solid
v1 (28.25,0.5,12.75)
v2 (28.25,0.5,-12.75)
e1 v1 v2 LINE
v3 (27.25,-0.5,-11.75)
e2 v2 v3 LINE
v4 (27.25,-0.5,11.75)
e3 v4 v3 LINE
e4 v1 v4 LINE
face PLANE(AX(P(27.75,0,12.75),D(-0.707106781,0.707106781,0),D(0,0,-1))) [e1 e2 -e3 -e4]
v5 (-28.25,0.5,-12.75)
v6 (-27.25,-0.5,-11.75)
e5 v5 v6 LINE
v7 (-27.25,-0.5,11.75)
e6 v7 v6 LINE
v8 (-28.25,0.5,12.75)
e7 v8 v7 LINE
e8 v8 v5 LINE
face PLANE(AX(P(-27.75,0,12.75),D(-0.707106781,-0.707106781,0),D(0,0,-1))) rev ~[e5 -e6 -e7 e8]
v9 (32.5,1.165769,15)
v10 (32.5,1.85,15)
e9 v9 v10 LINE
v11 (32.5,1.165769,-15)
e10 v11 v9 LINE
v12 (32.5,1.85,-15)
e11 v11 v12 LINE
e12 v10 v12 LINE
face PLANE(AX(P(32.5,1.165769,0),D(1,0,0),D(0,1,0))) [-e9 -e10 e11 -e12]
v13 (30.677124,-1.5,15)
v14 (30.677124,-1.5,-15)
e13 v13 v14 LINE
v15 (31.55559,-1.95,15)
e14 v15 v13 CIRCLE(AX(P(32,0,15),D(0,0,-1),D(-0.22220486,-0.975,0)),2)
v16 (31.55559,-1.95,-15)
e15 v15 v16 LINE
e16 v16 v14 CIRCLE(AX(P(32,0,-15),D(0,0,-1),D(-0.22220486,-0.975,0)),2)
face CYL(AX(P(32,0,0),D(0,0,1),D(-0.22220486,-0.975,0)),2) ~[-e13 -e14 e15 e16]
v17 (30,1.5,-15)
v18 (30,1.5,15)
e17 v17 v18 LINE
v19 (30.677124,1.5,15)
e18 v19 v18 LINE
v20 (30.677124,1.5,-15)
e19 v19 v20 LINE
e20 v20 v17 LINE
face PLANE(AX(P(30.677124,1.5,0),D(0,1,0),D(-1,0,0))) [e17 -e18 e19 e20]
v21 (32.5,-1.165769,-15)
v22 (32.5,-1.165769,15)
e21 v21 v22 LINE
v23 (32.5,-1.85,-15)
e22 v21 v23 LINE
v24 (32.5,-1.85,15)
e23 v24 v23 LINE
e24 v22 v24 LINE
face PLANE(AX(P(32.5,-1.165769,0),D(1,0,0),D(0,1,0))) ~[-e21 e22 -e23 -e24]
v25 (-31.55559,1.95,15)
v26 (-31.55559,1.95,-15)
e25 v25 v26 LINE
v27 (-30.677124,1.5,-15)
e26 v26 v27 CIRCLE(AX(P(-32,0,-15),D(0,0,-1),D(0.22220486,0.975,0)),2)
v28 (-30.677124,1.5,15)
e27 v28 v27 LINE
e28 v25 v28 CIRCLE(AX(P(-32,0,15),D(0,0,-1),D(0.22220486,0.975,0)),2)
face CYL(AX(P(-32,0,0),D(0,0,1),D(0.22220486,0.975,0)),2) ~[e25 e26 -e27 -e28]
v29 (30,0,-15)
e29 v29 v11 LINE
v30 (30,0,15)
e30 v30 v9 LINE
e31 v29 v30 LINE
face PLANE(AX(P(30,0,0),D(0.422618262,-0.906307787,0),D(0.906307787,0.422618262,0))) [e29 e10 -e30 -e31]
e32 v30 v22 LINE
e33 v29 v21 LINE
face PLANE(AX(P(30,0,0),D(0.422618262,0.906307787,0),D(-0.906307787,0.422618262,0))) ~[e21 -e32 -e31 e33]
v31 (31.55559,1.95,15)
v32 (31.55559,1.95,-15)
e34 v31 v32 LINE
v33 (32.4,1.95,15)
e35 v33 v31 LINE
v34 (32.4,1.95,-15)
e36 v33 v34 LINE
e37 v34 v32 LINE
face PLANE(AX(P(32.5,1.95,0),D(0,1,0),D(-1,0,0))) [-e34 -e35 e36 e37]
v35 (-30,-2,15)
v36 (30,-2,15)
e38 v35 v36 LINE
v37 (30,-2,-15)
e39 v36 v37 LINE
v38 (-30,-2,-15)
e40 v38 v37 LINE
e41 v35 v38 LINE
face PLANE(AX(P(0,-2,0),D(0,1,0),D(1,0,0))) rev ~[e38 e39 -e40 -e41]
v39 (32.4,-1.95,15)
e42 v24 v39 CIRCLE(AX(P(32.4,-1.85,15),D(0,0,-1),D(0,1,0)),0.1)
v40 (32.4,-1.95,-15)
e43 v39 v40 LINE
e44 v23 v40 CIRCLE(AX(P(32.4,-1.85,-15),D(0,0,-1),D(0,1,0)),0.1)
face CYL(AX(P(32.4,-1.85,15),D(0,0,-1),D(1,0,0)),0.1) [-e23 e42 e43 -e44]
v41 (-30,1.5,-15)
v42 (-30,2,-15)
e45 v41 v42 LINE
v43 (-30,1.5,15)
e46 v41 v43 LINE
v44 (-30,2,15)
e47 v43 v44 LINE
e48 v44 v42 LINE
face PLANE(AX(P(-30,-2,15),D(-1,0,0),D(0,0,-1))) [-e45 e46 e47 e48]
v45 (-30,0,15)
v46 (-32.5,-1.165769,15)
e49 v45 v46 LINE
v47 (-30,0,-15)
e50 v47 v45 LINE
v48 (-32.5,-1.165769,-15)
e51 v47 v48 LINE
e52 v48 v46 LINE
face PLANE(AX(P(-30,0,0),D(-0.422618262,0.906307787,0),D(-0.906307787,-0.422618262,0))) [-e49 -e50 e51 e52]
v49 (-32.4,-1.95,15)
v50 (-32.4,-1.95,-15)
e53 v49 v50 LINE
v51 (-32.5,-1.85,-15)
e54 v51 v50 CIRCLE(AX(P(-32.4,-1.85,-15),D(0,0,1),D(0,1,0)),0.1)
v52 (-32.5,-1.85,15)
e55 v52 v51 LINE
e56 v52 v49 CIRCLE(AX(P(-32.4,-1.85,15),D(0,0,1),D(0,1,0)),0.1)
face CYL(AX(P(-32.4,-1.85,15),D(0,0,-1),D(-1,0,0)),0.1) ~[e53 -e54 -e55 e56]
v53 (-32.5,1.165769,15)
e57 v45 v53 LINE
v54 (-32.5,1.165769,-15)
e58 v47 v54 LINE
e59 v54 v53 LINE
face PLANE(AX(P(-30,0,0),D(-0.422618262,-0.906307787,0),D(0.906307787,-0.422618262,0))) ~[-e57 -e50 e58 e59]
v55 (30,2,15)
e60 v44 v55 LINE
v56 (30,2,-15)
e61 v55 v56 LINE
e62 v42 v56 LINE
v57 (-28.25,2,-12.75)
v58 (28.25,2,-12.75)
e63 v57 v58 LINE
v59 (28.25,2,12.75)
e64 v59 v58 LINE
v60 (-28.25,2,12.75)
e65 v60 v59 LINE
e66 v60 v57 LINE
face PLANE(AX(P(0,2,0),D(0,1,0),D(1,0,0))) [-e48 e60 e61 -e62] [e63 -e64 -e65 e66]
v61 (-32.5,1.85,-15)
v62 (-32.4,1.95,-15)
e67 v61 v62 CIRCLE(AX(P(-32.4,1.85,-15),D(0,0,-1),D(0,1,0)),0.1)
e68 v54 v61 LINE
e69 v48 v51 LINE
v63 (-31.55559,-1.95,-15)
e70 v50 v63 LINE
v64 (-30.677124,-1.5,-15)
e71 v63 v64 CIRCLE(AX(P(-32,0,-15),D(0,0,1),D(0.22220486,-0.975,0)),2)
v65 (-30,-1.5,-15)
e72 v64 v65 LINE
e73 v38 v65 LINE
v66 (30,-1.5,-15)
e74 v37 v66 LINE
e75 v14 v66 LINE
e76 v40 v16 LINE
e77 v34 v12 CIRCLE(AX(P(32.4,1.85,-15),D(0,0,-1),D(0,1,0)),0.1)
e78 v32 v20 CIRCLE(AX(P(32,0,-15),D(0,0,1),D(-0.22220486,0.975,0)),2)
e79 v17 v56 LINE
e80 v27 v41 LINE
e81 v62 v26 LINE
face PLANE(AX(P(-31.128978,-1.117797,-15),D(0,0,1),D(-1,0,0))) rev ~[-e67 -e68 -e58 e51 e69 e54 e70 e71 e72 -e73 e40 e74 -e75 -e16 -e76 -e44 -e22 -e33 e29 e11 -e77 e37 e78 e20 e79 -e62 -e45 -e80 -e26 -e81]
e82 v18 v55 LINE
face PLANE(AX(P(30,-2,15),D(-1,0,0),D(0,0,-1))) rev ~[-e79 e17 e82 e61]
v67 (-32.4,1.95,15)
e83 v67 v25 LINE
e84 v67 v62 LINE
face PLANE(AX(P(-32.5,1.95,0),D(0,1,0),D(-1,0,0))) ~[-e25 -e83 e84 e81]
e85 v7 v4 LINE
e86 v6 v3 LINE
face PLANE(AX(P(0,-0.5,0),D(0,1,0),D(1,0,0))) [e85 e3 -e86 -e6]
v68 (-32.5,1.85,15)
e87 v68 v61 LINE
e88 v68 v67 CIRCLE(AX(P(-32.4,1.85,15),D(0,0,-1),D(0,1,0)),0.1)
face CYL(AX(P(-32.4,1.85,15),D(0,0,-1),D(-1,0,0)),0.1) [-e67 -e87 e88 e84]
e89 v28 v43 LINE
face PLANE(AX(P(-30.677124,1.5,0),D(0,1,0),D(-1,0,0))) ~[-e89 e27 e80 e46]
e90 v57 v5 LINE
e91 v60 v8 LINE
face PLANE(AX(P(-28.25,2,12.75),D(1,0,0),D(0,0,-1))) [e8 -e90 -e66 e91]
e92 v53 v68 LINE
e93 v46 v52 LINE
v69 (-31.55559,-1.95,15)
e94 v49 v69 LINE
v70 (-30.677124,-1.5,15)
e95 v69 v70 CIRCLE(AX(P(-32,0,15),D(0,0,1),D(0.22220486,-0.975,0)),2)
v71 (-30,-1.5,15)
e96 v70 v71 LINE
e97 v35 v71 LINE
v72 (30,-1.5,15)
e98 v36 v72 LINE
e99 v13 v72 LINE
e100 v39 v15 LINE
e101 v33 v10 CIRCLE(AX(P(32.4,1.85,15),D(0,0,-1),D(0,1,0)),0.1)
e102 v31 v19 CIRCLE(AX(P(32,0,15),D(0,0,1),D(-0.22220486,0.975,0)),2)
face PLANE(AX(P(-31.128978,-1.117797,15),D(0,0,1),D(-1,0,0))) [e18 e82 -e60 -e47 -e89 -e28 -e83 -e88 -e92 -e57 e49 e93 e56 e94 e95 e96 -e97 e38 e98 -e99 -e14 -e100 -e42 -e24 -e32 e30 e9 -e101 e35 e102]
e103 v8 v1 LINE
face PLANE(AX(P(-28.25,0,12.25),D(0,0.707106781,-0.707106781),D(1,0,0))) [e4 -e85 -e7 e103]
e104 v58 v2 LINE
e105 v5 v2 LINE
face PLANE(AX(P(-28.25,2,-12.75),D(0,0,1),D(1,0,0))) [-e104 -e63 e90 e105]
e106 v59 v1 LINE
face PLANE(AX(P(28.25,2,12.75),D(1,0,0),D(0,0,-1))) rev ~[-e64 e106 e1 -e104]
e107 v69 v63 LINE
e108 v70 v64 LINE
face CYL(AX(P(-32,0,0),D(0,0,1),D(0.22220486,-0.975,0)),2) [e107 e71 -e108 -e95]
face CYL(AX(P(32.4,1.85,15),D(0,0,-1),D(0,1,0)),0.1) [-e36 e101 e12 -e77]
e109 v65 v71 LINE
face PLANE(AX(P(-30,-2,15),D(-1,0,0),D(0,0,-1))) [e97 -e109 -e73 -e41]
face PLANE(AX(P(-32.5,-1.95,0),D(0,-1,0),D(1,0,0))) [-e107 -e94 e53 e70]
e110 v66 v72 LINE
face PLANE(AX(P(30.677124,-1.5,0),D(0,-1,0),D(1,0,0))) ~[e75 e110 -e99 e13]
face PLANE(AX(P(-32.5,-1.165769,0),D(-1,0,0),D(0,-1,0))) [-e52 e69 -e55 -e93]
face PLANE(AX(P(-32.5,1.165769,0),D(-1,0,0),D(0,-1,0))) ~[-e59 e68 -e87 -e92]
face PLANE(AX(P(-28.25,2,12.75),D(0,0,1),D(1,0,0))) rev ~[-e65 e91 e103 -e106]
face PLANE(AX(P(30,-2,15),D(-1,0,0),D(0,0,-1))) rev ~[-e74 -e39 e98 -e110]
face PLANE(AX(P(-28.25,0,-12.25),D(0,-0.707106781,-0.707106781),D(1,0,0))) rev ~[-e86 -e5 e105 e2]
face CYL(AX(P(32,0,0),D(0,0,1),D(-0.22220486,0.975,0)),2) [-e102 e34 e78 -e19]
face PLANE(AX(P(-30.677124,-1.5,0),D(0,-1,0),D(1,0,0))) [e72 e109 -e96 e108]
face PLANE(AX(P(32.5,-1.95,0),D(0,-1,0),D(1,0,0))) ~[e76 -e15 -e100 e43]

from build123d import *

# Parameters (mm, degrees)
EXTRUDE_1_DEPTH       = 2
EXTRUDE_1_DEPTH_BACK  = 2
SKETCH_1_W            = 60
SKETCH_1_H            = 30
SKETCH_2_W            = 56.5
SKETCH_2_H            = 25.5
CUT_EXTRUDE_1_DEPTH   = 2.5
CHAMFER_1_SIZE        = 1
EXTRUDE_2_DEPTH       = 15
MIRROR_2_COPY_1_DEPTH = 15
FILLET_1_R            = 0.1


with BuildPart() as part:
    # 草图1 → 凸台-拉伸1 (new, two sides: drawn at the far end of the back side and taken through both)
    with BuildSketch(Plane(origin=(0, 0, 0), x_dir=(1, 0, 0), z_dir=(0, 1, 0)).offset(-EXTRUDE_1_DEPTH_BACK)):
        Rectangle(SKETCH_1_W, SKETCH_1_H)
    extrude(amount=EXTRUDE_1_DEPTH + EXTRUDE_1_DEPTH_BACK)

    # 草图2 → 切除-拉伸1 (cut)
    with BuildSketch(Plane(origin=(0, 2, 0), x_dir=(1, 0, 0), z_dir=(0, 1, 0))):
        Rectangle(SKETCH_2_W, SKETCH_2_H)
    extrude(amount=-CUT_EXTRUDE_1_DEPTH, mode=Mode.SUBTRACT)

    # 倒角1
    chamfer_1_edges = [part.edges().sort_by_distance(p)[0] for p in [
        (0, -0.5, -12.75),
        (28.25, -0.5, 0),
        (0, -0.5, 12.75),
        (-28.25, -0.5, 0),
    ]]
    chamfer(chamfer_1_edges, length=CHAMFER_1_SIZE)

    # 草图3 → 凸台-拉伸2 (add, symmetric)
    with BuildSketch(Plane.XY):
        with BuildLine():
            Line((30.677124344, 1.5), (30, 1.5))
            Line((30, 1.5), (30, 0))
            Line((30, 0), (32.5, 1.165769145))
            Line((32.5, 1.165769145), (32.5, 1.95))
            Line((32.5, 1.95), (31.555590279, 1.95))
            ThreePointArc((31.555590279, 1.95), (31.088161527, 1.780042303), (30.677124344, 1.5))
        make_face()
    extrude_2 = extrude(amount=EXTRUDE_2_DEPTH, both=True)

    # 镜向1: 凸台-拉伸2 across plane
    add(extrude_2.mirror(Plane.ZX))

    # 镜向2: 凸台-拉伸2 across plane
    add(extrude_2.mirror(Plane(origin=(0, 0, 0), x_dir=(0, 0, 1), z_dir=(1, 0, 0))))

    # 镜向2 copy 1 sketch → 镜向2 copy 1 (add, symmetric)
    with BuildSketch(Plane(origin=(0, 0, 0), x_dir=(-1, 0, 0), z_dir=(0, 0, 1))):
        with BuildLine():
            Line((30.677124344, 1.5), (30, 1.5))
            Line((30, 1.5), (30, 0))
            Line((30, 0), (32.5, 1.165769145))
            Line((32.5, 1.165769145), (32.5, 1.95))
            Line((32.5, 1.95), (31.555590279, 1.95))
            ThreePointArc((31.555590279, 1.95), (31.088161527, 1.780042303), (30.677124344, 1.5))
        make_face()
    extrude(amount=MIRROR_2_COPY_1_DEPTH, both=True)

    # 圆角1
    fillet_1_edges = [part.edges().sort_by_distance(p)[0] for p in [
        (-32.5, -1.95, 0),
        (32.5, 1.95, 0),
        (32.5, -1.95, 0),
        (-32.5, 1.95, 0),
    ]]
    fillet(fillet_1_edges, radius=FILLET_1_R)


solid = part.part
